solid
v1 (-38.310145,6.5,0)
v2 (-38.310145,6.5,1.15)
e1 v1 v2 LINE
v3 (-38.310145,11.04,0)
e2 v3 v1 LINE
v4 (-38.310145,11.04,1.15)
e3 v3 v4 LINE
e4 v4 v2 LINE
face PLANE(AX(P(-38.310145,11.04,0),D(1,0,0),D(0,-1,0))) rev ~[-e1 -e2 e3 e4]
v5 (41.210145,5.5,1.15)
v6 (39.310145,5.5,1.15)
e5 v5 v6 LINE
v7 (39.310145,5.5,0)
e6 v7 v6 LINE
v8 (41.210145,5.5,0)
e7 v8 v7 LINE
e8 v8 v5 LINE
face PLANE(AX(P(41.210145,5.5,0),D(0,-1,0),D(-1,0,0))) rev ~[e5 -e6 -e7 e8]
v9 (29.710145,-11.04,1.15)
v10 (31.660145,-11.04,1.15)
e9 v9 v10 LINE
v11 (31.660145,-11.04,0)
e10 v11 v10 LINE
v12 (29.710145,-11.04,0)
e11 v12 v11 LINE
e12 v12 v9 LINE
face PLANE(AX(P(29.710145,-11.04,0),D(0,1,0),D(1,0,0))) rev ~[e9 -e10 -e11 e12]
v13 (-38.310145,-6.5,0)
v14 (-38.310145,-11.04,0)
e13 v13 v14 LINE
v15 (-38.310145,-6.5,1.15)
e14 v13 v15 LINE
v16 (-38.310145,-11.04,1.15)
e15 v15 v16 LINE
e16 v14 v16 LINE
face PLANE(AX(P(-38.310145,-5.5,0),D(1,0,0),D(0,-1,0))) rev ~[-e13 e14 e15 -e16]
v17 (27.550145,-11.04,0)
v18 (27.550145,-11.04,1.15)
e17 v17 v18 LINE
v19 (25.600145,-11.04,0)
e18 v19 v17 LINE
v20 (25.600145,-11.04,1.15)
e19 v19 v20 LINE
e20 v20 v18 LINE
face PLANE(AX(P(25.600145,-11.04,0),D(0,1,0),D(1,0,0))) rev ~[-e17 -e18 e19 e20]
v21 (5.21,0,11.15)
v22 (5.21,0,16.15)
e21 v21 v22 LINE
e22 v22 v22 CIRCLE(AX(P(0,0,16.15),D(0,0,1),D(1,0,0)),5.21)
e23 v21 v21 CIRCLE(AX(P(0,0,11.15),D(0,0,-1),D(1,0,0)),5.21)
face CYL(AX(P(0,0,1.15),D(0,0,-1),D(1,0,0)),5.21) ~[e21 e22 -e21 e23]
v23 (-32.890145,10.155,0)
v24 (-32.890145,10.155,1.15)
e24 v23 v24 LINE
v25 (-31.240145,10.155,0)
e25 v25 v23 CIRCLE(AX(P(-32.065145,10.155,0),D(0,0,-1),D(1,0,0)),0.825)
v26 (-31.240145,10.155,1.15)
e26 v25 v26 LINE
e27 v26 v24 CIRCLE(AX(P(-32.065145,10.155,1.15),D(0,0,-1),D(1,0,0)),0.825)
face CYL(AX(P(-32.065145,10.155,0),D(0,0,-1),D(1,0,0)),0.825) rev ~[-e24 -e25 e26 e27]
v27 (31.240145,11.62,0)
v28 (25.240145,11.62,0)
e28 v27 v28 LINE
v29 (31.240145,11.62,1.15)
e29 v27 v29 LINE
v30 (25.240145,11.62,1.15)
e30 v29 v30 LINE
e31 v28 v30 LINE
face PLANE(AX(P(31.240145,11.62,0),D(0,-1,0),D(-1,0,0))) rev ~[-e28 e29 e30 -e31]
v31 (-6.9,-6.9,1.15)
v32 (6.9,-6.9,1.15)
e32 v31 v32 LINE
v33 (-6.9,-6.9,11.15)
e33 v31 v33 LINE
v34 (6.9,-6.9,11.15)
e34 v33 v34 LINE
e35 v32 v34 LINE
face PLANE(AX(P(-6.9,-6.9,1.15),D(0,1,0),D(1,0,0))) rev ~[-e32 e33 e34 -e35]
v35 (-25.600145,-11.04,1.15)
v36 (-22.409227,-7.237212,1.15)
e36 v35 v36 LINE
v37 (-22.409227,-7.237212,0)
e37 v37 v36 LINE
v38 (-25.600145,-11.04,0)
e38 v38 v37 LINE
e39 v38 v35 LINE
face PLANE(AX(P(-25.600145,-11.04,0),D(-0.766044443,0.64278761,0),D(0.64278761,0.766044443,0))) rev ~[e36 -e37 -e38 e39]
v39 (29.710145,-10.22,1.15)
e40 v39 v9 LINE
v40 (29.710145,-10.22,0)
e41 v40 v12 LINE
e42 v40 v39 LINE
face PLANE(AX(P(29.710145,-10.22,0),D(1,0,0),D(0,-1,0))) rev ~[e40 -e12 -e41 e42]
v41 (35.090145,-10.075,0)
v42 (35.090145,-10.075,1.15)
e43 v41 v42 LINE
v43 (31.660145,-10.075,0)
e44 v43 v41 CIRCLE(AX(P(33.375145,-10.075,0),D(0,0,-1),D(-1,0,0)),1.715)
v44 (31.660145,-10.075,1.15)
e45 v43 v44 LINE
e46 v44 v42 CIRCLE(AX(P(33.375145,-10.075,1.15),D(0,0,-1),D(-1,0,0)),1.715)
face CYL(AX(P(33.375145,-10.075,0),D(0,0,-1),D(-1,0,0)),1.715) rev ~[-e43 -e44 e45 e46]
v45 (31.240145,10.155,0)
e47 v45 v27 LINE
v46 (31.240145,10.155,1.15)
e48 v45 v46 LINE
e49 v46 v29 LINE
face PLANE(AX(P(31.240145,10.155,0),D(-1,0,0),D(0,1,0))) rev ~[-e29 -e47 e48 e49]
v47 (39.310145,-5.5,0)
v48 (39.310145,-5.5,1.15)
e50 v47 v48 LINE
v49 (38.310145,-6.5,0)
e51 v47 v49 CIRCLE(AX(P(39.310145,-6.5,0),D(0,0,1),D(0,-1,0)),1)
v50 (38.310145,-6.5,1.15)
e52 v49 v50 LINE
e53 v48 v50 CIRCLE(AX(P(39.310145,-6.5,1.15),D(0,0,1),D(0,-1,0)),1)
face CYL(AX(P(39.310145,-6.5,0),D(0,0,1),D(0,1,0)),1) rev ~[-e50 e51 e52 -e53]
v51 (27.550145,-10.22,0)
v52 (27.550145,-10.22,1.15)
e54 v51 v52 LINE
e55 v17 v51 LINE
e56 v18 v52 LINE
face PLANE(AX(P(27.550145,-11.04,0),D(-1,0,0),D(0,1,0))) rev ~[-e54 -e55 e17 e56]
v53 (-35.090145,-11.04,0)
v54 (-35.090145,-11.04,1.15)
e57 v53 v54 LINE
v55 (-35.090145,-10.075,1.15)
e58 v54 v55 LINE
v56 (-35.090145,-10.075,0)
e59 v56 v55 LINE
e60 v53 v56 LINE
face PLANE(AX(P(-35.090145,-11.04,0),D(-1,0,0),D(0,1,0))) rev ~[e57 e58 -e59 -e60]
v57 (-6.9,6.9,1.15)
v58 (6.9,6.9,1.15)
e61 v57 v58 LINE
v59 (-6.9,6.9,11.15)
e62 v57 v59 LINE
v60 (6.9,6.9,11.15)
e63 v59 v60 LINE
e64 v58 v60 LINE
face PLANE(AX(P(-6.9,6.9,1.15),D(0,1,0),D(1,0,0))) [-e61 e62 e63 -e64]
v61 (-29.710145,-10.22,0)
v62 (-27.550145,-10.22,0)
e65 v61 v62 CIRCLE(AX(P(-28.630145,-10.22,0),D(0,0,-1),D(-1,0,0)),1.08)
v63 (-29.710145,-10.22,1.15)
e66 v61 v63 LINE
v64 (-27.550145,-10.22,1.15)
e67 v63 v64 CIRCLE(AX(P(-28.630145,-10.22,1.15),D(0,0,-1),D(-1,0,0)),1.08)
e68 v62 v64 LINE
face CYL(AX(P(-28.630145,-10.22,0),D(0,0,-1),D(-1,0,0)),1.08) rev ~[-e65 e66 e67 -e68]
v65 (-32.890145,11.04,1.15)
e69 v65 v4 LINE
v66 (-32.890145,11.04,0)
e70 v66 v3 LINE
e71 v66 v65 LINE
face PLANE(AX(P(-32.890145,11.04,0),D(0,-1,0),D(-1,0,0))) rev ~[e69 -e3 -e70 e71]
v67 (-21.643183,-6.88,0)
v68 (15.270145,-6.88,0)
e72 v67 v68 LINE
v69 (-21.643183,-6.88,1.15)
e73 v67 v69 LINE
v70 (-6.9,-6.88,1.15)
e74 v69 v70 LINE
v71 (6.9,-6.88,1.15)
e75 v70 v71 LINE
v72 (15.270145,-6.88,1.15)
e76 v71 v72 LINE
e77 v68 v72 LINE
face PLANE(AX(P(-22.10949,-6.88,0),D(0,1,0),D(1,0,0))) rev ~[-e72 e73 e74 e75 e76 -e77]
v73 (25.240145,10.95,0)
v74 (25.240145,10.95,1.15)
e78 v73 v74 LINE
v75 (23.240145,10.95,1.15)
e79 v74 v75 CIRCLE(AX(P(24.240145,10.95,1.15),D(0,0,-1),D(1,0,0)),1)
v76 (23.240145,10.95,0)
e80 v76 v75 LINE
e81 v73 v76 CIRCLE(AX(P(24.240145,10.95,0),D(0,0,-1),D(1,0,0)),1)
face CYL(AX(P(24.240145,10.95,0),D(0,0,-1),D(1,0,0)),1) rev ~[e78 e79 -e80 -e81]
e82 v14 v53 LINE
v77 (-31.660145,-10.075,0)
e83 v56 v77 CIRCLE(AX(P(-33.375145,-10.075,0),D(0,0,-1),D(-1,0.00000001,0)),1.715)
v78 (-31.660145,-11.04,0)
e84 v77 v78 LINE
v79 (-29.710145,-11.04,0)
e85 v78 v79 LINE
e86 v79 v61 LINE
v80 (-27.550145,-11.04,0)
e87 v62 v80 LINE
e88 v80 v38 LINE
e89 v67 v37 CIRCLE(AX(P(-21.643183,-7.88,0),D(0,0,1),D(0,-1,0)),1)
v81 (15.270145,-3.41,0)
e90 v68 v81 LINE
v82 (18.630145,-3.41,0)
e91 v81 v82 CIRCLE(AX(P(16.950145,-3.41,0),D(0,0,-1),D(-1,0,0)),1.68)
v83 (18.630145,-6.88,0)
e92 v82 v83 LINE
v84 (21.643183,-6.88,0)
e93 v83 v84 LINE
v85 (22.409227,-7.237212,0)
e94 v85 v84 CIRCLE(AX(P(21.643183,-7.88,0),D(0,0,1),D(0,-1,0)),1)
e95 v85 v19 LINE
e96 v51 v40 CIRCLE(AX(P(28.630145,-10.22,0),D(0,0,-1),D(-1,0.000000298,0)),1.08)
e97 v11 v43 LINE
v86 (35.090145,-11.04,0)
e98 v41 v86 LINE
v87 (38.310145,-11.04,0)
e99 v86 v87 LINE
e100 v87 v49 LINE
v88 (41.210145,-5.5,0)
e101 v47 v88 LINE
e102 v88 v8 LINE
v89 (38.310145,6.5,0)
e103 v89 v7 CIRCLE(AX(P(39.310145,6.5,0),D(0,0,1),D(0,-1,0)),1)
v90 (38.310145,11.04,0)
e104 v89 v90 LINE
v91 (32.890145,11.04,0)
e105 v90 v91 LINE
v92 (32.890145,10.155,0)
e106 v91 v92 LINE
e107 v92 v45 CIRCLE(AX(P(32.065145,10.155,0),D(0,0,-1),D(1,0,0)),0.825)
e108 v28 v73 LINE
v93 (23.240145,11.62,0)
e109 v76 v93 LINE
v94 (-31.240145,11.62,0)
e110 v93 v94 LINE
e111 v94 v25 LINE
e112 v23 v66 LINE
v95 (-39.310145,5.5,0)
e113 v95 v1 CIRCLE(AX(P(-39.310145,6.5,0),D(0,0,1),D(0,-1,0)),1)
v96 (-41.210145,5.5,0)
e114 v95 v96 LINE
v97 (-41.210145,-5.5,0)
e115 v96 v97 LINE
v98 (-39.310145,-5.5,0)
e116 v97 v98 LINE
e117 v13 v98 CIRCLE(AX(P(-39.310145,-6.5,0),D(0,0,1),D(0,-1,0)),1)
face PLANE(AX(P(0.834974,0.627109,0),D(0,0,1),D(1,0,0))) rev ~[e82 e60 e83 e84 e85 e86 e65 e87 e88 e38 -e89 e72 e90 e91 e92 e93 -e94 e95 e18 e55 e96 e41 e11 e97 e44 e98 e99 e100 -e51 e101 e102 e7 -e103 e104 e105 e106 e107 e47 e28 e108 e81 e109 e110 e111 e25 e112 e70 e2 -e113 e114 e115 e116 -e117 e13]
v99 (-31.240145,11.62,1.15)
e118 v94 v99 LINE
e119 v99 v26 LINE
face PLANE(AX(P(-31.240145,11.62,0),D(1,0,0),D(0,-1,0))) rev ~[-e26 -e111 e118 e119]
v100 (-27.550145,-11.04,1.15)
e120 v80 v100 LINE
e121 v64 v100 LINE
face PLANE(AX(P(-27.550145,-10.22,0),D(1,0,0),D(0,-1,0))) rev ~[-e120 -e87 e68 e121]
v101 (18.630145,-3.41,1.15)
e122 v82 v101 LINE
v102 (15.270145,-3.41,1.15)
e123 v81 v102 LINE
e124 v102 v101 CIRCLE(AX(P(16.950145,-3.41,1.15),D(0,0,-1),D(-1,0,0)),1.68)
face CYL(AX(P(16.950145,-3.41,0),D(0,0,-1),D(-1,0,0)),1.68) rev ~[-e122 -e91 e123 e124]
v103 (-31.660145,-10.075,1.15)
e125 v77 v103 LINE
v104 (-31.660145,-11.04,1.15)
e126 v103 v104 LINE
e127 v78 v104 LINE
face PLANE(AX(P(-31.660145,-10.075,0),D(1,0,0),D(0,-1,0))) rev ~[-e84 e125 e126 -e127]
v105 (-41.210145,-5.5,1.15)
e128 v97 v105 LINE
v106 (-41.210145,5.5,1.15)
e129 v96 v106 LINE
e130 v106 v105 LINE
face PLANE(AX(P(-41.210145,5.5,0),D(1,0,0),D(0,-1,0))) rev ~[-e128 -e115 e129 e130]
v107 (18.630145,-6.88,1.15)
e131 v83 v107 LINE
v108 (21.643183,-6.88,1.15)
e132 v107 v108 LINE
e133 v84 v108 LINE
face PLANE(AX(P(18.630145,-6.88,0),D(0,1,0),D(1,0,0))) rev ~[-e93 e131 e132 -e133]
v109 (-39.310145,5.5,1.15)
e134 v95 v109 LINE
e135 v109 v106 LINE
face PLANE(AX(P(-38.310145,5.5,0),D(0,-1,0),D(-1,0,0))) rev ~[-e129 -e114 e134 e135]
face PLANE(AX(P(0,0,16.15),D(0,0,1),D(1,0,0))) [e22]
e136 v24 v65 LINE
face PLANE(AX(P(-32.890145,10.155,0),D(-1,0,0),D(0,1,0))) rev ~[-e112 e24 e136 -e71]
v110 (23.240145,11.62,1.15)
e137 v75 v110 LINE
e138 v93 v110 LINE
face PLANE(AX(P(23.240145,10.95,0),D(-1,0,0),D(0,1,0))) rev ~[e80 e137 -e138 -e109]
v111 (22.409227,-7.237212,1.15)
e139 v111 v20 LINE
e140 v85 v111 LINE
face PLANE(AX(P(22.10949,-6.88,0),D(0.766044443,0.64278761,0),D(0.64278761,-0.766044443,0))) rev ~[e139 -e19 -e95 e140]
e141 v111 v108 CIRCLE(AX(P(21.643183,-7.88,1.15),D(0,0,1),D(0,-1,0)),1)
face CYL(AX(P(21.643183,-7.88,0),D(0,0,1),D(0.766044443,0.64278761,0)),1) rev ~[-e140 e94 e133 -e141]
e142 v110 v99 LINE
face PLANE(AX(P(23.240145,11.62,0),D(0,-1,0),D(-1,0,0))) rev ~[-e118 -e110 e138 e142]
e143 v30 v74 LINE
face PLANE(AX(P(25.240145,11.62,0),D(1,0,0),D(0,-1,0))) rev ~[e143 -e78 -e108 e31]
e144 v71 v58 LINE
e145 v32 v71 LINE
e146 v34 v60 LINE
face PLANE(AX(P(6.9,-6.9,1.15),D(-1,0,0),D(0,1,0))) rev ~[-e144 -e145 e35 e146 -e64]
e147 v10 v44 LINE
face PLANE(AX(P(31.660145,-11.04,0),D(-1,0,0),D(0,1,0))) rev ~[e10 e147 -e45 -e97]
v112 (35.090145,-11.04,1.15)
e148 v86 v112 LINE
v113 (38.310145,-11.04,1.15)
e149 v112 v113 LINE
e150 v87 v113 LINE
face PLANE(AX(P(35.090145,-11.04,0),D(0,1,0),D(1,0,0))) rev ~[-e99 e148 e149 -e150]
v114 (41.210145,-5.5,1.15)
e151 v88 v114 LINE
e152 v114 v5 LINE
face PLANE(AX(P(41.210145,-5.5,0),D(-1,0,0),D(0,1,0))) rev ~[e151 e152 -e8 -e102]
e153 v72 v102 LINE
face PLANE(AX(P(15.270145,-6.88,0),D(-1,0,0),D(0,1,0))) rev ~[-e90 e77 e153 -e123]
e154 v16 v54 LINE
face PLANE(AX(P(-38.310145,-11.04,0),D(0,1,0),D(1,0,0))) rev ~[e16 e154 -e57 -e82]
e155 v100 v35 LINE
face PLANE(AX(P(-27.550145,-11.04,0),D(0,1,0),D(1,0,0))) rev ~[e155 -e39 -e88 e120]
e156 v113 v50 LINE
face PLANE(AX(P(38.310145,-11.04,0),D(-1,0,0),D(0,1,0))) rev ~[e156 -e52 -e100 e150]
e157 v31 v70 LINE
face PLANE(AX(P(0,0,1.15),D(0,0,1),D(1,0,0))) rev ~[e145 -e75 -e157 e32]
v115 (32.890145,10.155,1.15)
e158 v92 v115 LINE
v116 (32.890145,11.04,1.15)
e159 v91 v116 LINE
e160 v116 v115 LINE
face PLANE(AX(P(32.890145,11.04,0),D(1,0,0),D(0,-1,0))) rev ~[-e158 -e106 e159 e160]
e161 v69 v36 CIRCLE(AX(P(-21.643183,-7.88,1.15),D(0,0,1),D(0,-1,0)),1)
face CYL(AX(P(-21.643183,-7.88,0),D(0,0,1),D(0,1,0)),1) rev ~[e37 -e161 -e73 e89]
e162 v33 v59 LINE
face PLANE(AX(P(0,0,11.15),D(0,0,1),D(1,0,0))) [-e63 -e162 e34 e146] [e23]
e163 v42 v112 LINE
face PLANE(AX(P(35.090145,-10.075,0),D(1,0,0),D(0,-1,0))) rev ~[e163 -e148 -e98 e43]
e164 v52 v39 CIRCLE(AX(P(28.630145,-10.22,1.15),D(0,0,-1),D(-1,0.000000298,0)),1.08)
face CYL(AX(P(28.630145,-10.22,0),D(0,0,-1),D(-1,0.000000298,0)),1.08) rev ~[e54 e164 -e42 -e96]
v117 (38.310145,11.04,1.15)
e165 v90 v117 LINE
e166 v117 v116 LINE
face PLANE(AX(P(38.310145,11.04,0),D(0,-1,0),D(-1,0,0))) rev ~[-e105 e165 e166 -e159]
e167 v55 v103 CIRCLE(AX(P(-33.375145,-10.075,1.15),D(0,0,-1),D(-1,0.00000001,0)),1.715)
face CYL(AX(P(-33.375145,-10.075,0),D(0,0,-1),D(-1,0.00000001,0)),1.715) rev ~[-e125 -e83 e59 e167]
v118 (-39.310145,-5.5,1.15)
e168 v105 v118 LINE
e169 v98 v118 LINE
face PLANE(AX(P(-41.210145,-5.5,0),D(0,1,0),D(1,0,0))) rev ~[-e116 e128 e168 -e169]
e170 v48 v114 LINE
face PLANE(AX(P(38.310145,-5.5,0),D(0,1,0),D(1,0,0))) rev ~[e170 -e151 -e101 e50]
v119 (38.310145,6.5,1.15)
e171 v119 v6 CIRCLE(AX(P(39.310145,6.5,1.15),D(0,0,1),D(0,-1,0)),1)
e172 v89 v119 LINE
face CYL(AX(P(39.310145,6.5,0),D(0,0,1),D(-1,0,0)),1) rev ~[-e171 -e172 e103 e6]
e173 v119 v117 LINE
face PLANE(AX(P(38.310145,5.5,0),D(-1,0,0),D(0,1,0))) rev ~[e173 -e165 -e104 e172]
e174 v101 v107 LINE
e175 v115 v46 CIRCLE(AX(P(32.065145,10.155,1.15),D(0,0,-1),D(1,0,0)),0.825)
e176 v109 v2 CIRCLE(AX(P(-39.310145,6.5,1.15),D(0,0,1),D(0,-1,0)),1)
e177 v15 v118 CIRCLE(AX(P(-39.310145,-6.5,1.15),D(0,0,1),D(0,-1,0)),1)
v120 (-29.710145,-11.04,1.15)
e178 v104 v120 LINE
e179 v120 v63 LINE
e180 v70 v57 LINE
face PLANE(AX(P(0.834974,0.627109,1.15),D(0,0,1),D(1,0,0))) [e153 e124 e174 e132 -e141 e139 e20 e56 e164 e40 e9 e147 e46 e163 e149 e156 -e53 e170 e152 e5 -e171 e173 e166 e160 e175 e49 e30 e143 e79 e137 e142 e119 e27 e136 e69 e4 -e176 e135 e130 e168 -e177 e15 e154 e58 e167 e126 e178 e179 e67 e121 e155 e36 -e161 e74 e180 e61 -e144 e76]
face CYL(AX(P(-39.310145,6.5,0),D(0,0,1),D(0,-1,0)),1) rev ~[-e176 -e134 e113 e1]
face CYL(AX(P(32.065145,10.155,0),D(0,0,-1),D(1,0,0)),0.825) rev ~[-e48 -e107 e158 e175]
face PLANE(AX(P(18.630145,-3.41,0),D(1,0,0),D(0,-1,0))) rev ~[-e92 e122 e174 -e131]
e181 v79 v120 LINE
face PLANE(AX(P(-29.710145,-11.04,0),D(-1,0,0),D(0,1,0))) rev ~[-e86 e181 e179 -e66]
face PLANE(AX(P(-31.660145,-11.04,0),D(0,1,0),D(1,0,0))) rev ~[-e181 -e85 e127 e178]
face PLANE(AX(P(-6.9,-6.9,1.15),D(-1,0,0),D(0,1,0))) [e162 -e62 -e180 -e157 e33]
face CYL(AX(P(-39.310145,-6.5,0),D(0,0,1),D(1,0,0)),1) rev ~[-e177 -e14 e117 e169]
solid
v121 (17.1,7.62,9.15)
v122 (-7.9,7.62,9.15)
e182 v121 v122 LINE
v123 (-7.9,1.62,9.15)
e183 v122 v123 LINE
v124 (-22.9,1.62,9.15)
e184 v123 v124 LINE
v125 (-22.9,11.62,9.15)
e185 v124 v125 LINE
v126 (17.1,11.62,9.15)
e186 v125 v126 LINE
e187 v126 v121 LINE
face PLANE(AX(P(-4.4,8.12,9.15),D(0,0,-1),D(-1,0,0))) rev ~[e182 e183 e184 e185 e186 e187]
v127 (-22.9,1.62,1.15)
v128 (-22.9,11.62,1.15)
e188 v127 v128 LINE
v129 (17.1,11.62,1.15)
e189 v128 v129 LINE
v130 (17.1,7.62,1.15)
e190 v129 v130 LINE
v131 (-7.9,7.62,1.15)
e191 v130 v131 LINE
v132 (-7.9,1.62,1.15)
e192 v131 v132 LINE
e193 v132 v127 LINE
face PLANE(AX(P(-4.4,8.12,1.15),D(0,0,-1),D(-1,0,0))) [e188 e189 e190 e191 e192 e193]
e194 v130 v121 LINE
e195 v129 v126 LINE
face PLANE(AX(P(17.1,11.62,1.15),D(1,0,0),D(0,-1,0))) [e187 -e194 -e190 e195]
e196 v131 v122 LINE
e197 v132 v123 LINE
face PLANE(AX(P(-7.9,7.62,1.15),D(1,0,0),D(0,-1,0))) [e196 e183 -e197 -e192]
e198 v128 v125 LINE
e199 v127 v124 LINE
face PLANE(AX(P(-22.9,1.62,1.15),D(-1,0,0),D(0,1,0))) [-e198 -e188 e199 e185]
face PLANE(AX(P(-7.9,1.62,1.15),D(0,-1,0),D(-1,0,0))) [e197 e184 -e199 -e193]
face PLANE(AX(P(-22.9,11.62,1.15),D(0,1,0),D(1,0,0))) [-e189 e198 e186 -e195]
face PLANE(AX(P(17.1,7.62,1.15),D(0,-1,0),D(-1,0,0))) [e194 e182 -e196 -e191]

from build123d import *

# Parameters (mm, degrees)
BOSS_EXTRUDE1_DEPTH = 1.15
SKETCH2_R           = 5.21
BOSS_EXTRUDE2_DEPTH = 15
SKETCH3_W           = 13.8
SKETCH3_H           = 13.8
BOSS_EXTRUDE3_DEPTH = 10
FILLET1_R           = 1
BOSS_EXTRUDE4_DEPTH = 8


with BuildPart() as part:
    # Sketch1 → Boss-Extrude1 (new body)
    with BuildSketch(Plane.XY):
        with BuildLine():
            Line((38.310144928, -11.04), (38.310144928, -5.5))
            Line((38.310144928, -5.5), (41.210144928, -5.5))
            Line((41.210144928, -5.5), (41.210144928, 5.5))
            Line((41.210144928, 5.5), (38.310144928, 5.5))
            Line((38.310144928, 5.5), (38.310144928, 11.04))
            Line((38.310144928, 11.04), (32.890144928, 11.04))
            Line((32.890144928, 11.04), (32.890144928, 10.155))
            ThreePointArc((32.890144928, 10.155), (32.065144928, 9.33), (31.240144928, 10.155))
            Line((31.240144928, 10.155), (31.240144928, 11.62))
            Line((31.240144928, 11.62), (25.240144928, 11.62))
            Line((25.240144928, 11.62), (25.240144928, 10.95))
            ThreePointArc((25.240144928, 10.95), (24.240144928, 9.95), (23.240144928, 10.95))
            Line((23.240144928, 10.95), (23.240144928, 11.62))
            Line((23.240144928, 11.62), (-31.240144928, 11.62))
            Line((-31.240144928, 11.62), (-31.240144928, 10.155))
            ThreePointArc((-31.240144928, 10.155), (-32.065144928, 9.33), (-32.890144928, 10.155))
            Line((-32.890144928, 10.155), (-32.890144928, 11.04))
            Line((-32.890144928, 11.04), (-38.310144928, 11.04))
            Line((-38.310144928, 11.04), (-38.310144928, 5.5))
            Line((-38.310144928, 5.5), (-41.210144928, 5.5))
            Line((-41.210144928, 5.5), (-41.210144928, -5.5))
            Line((-41.210144928, -5.5), (-38.310144928, -5.5))
            Line((-38.310144928, -5.5), (-38.310144928, -11.04))
            Line((-38.310144928, -11.04), (-35.090144928, -11.04))
            Line((-35.090144928, -11.04), (-35.090144928, -10.074999983))
            ThreePointArc((-35.090144928, -10.074999983), (-33.375144928, -8.36), (-31.660144928, -10.074999983))
            Line((-31.660144928, -10.074999983), (-31.660144928, -11.04))
            Line((-31.660144928, -11.04), (-29.710144928, -11.04))
            Line((-29.710144928, -11.04), (-29.710144928, -10.22))
            ThreePointArc((-29.710144928, -10.22), (-28.630144928, -9.14), (-27.550144928, -10.22))
            Line((-27.550144928, -10.22), (-27.550144928, -11.04))
            Line((-27.550144928, -11.04), (-25.600144928, -11.04))
            Line((-25.600144928, -11.04), (-22.109490462, -6.88))
            Line((-22.109490462, -6.88), (15.270144928, -6.88))
            Line((15.270144928, -6.88), (15.270144928, -3.41))
            ThreePointArc((15.270144928, -3.41), (16.950144928, -1.73), (18.630144928, -3.41))
            Line((18.630144928, -3.41), (18.630144928, -6.88))
            Line((18.630144928, -6.88), (22.109490462, -6.88))
            Line((22.109490462, -6.88), (25.600144928, -11.04))
            Line((25.600144928, -11.04), (27.550144928, -11.04))
            Line((27.550144928, -11.04), (27.550144928, -10.219999678))
            ThreePointArc((27.550144928, -10.219999678), (28.630144928, -9.14), (29.710144928, -10.219999678))
            Line((29.710144928, -10.219999678), (29.710144928, -11.04))
            Line((29.710144928, -11.04), (31.660144928, -11.04))
            Line((31.660144928, -11.04), (31.660144928, -10.075))
            ThreePointArc((31.660144928, -10.075), (33.375144928, -8.36), (35.090144928, -10.075))
            Line((35.090144928, -10.075), (35.090144928, -11.04))
            Line((35.090144928, -11.04), (38.310144928, -11.04))
        make_face()
    extrude(amount=BOSS_EXTRUDE1_DEPTH)

    # Sketch2 → Boss-Extrude2 (add)
    with BuildSketch(Plane.XY.offset(1.15)):
        Circle(SKETCH2_R)
    extrude(amount=BOSS_EXTRUDE2_DEPTH)

    # Sketch3 → Boss-Extrude3 (add)
    with BuildSketch(Plane.XY.offset(1.15)):
        Rectangle(SKETCH3_W, SKETCH3_H)
    extrude(amount=BOSS_EXTRUDE3_DEPTH)

    # Fillet1
    fillet1_edges = [part.edges().sort_by_distance(p)[0] for p in [
        (22.109490462, -6.88, 0.575),
        (-22.109490462, -6.88, 0.575),
        (-38.310144928, -5.5, 0.575),
        (-38.310144928, 5.5, 0.575),
        (38.310144928, 5.5, 0.575),
        (38.310144928, -5.5, 0.575),
    ]]
    fillet(fillet1_edges, radius=FILLET1_R)


with BuildPart() as body_2:
    # Sketch4 → Boss-Extrude4 (new body)
    with BuildSketch(Plane.XY.offset(1.15)):
        Polygon((-7.9, 7.62), (-7.9, 1.62), (-22.9, 1.62), (-22.9, 11.62), (17.1, 11.62), (17.1, 7.62), align=None)
    extrude(amount=BOSS_EXTRUDE4_DEPTH)


solid = Compound([part.part, body_2.part])
